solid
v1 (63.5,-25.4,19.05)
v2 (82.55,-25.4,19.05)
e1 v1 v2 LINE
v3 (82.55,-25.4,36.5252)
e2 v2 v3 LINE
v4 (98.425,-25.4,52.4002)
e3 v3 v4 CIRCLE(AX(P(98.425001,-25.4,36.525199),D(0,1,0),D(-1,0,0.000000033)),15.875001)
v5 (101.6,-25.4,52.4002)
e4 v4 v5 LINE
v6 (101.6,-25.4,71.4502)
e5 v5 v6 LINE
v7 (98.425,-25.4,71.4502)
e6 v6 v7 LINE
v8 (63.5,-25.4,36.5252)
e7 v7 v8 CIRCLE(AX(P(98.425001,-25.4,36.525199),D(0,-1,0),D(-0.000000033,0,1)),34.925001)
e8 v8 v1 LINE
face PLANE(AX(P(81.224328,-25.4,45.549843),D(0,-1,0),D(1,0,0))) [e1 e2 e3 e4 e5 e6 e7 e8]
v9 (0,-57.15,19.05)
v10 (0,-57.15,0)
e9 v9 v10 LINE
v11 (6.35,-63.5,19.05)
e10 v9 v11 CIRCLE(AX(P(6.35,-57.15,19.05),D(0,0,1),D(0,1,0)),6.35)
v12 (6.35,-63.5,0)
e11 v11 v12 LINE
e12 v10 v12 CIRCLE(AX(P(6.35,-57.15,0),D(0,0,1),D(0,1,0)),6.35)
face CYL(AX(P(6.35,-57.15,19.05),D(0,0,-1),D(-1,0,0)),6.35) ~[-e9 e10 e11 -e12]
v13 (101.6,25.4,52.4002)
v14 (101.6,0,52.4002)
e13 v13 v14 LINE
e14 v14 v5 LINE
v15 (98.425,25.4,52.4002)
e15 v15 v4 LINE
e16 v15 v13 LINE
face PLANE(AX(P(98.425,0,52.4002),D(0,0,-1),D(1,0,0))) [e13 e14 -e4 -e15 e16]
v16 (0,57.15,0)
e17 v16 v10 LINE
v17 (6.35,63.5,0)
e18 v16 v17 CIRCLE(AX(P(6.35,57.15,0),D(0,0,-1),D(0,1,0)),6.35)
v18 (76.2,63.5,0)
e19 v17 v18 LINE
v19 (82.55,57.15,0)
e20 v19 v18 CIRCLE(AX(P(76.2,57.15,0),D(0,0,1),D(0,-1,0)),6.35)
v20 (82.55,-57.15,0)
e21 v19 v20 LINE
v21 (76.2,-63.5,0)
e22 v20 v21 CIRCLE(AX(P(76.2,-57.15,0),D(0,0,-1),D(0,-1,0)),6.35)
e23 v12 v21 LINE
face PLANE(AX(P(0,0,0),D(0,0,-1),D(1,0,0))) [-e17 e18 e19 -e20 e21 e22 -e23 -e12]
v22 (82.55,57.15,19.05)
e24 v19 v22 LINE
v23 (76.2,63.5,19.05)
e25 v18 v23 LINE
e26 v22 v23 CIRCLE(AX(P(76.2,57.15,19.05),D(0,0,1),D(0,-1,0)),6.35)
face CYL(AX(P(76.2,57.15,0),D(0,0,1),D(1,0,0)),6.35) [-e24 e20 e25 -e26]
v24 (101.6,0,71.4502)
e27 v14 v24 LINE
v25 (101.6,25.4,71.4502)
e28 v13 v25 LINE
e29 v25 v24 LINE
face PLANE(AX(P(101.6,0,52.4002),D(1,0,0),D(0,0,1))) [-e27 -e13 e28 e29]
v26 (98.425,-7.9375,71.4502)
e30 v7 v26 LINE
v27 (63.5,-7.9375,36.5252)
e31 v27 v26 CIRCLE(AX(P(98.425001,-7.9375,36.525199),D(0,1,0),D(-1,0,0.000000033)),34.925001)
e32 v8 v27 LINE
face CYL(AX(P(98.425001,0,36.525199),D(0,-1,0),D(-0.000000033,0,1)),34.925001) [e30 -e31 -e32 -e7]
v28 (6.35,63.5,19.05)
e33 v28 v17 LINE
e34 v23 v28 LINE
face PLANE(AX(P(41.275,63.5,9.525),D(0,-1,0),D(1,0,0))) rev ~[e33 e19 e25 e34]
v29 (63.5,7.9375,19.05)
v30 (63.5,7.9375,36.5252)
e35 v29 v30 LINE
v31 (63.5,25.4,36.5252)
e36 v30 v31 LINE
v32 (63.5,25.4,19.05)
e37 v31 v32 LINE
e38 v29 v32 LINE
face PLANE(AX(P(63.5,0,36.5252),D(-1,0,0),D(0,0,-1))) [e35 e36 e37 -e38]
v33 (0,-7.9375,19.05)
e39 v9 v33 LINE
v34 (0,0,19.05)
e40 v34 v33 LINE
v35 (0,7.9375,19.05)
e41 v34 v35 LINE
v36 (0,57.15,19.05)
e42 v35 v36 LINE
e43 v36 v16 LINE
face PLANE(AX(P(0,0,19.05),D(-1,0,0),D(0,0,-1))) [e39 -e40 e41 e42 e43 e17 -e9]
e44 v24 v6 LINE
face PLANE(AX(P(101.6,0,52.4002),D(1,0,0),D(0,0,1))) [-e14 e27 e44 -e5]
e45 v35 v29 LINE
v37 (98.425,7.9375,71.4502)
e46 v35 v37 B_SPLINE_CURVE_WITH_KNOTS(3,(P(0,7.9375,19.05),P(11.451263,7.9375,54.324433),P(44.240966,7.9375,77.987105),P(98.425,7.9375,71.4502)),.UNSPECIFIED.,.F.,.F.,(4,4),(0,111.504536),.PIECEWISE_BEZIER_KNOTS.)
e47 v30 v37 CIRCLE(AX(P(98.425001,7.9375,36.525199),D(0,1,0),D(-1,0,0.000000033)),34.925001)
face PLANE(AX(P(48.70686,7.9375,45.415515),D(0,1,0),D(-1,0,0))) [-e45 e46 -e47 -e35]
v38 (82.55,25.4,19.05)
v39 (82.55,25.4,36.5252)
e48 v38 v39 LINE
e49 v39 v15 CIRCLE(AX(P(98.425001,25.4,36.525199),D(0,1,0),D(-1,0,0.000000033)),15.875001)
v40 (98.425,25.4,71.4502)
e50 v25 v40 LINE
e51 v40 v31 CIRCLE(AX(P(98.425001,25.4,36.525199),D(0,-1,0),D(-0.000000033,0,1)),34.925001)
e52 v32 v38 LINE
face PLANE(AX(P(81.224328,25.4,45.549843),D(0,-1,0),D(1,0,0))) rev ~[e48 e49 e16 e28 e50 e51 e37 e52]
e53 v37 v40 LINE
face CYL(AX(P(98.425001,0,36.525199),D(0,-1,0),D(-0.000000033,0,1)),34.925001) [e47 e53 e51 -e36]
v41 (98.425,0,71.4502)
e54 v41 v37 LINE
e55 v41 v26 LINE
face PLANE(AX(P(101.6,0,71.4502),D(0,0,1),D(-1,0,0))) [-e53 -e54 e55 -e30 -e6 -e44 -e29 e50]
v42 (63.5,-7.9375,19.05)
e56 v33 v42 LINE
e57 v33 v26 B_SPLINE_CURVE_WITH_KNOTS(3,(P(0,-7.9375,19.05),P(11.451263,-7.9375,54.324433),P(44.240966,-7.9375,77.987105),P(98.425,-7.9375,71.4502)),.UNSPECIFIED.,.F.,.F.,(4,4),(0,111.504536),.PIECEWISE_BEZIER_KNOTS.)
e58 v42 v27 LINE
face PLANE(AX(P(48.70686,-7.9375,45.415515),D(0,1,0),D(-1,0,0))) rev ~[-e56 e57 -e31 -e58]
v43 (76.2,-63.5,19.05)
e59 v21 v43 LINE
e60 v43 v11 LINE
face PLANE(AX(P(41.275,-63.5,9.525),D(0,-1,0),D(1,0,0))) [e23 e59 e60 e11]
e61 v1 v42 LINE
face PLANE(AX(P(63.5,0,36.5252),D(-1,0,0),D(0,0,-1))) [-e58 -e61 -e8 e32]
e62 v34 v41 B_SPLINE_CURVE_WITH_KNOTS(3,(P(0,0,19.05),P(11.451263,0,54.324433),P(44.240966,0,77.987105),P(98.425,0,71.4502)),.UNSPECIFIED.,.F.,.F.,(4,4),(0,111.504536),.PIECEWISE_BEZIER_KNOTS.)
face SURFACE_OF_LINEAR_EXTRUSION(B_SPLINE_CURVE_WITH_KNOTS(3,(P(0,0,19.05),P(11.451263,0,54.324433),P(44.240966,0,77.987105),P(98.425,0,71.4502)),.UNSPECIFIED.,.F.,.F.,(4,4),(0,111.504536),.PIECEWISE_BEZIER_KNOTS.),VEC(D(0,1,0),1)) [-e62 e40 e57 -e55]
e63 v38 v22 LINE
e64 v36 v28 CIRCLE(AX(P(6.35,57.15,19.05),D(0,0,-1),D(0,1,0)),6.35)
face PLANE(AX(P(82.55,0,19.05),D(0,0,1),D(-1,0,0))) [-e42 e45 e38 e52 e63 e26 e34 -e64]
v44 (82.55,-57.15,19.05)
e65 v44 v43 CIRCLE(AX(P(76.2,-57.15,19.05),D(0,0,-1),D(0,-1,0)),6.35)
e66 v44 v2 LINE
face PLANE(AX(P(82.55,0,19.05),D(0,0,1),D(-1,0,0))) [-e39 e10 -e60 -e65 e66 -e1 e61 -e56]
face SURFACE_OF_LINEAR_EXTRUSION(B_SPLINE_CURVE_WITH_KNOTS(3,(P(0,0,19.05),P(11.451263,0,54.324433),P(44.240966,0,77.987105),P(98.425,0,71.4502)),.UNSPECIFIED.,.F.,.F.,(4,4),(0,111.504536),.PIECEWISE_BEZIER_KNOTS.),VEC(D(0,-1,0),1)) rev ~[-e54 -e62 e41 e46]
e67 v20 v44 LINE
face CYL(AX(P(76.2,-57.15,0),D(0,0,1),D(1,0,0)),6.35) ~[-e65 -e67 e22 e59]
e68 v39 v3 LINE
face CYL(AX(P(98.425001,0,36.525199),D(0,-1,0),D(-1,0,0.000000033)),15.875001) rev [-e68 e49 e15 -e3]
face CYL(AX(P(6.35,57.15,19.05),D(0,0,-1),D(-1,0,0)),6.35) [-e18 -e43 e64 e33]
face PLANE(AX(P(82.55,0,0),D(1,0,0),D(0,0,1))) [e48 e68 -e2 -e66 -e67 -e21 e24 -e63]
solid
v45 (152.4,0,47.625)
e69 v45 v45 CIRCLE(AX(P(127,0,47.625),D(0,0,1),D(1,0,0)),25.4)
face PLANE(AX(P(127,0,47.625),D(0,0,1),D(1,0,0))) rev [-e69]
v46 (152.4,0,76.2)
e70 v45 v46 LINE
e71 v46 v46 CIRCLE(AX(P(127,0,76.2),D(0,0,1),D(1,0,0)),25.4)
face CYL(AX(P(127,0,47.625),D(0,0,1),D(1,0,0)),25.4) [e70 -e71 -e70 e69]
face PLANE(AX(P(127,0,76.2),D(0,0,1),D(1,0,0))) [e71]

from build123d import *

# Parameters (mm, degrees)
F1_DEPTH = 63.5
F2_DEPTH = 25.4
F3_DEPTH = 7.9375
F5_R     = 6.35


with BuildPart() as f1:
    # F0 (on Front) → F1 (new body, symmetric)
    with BuildSketch(Plane.XZ):
        Polygon((0, 19.05), (0, 0), (82.55, 0), (82.55, 19.05), (63.5, 19.05), align=None)
    extrude(amount=F1_DEPTH, both=True)

    # F0 (on Front) → F2 (join, symmetric)
    with BuildSketch(Plane.XZ):
        with BuildLine():
            Line((63.5, 19.05), (82.55, 19.05))
            Line((82.55, 19.05), (82.55, 36.5252))
            ThreePointArc((82.55, 36.5252), (87.19968, 47.75052), (98.425, 52.4002))
            Line((98.425, 52.4002), (101.6, 52.4002))
            Line((101.6, 52.4002), (101.6, 71.4502))
            Line((101.6, 71.4502), (98.425, 71.4502))
            ThreePointArc((98.425, 71.4502), (73.729296, 61.220904), (63.5, 36.5252))
            Line((63.5, 36.5252), (63.5, 19.05))
        make_face()
    extrude(amount=F2_DEPTH, both=True)

    # F0 (on Front) → F3 (join, symmetric)
    with BuildSketch(Plane.XZ):
        with BuildLine():
            add(Edge.make_bspline(
                [(0, 19.05), (11.451263, 54.324433), (44.240966, 77.987105), (98.425, 71.4502)],
                knots=[0, 0, 0, 0, 111.504536, 111.504536, 111.504536, 111.504536], degree=3))
            Line((0, 19.05), (63.5, 19.05))
            Line((63.5, 19.05), (63.5, 36.5252))
            ThreePointArc((63.5, 36.5252), (73.729296, 61.220904), (98.425, 71.4502))
        make_face()
    extrude(amount=F3_DEPTH, both=True)

    # F0 (on Front) → F4 (revolve)
    with BuildSketch(Plane.XZ):
        Polygon((127, 76.2), (127, 71.4502), (127, 47.625), (152.4, 47.625), (152.4, 76.2), align=None)
    revolve(axis=Axis((127, 0, 61.9125), (0, 0, 1)))

    # F5
    f5_edges = [f1.edges().sort_by_distance(p)[0] for p in [
        (82.55, -63.5, 9.525),
        (0, 63.5, 9.525),
        (82.55, 63.5, 9.525),
        (0, -63.5, 9.525),
    ]]
    fillet(f5_edges, radius=F5_R)


solid = f1.part
